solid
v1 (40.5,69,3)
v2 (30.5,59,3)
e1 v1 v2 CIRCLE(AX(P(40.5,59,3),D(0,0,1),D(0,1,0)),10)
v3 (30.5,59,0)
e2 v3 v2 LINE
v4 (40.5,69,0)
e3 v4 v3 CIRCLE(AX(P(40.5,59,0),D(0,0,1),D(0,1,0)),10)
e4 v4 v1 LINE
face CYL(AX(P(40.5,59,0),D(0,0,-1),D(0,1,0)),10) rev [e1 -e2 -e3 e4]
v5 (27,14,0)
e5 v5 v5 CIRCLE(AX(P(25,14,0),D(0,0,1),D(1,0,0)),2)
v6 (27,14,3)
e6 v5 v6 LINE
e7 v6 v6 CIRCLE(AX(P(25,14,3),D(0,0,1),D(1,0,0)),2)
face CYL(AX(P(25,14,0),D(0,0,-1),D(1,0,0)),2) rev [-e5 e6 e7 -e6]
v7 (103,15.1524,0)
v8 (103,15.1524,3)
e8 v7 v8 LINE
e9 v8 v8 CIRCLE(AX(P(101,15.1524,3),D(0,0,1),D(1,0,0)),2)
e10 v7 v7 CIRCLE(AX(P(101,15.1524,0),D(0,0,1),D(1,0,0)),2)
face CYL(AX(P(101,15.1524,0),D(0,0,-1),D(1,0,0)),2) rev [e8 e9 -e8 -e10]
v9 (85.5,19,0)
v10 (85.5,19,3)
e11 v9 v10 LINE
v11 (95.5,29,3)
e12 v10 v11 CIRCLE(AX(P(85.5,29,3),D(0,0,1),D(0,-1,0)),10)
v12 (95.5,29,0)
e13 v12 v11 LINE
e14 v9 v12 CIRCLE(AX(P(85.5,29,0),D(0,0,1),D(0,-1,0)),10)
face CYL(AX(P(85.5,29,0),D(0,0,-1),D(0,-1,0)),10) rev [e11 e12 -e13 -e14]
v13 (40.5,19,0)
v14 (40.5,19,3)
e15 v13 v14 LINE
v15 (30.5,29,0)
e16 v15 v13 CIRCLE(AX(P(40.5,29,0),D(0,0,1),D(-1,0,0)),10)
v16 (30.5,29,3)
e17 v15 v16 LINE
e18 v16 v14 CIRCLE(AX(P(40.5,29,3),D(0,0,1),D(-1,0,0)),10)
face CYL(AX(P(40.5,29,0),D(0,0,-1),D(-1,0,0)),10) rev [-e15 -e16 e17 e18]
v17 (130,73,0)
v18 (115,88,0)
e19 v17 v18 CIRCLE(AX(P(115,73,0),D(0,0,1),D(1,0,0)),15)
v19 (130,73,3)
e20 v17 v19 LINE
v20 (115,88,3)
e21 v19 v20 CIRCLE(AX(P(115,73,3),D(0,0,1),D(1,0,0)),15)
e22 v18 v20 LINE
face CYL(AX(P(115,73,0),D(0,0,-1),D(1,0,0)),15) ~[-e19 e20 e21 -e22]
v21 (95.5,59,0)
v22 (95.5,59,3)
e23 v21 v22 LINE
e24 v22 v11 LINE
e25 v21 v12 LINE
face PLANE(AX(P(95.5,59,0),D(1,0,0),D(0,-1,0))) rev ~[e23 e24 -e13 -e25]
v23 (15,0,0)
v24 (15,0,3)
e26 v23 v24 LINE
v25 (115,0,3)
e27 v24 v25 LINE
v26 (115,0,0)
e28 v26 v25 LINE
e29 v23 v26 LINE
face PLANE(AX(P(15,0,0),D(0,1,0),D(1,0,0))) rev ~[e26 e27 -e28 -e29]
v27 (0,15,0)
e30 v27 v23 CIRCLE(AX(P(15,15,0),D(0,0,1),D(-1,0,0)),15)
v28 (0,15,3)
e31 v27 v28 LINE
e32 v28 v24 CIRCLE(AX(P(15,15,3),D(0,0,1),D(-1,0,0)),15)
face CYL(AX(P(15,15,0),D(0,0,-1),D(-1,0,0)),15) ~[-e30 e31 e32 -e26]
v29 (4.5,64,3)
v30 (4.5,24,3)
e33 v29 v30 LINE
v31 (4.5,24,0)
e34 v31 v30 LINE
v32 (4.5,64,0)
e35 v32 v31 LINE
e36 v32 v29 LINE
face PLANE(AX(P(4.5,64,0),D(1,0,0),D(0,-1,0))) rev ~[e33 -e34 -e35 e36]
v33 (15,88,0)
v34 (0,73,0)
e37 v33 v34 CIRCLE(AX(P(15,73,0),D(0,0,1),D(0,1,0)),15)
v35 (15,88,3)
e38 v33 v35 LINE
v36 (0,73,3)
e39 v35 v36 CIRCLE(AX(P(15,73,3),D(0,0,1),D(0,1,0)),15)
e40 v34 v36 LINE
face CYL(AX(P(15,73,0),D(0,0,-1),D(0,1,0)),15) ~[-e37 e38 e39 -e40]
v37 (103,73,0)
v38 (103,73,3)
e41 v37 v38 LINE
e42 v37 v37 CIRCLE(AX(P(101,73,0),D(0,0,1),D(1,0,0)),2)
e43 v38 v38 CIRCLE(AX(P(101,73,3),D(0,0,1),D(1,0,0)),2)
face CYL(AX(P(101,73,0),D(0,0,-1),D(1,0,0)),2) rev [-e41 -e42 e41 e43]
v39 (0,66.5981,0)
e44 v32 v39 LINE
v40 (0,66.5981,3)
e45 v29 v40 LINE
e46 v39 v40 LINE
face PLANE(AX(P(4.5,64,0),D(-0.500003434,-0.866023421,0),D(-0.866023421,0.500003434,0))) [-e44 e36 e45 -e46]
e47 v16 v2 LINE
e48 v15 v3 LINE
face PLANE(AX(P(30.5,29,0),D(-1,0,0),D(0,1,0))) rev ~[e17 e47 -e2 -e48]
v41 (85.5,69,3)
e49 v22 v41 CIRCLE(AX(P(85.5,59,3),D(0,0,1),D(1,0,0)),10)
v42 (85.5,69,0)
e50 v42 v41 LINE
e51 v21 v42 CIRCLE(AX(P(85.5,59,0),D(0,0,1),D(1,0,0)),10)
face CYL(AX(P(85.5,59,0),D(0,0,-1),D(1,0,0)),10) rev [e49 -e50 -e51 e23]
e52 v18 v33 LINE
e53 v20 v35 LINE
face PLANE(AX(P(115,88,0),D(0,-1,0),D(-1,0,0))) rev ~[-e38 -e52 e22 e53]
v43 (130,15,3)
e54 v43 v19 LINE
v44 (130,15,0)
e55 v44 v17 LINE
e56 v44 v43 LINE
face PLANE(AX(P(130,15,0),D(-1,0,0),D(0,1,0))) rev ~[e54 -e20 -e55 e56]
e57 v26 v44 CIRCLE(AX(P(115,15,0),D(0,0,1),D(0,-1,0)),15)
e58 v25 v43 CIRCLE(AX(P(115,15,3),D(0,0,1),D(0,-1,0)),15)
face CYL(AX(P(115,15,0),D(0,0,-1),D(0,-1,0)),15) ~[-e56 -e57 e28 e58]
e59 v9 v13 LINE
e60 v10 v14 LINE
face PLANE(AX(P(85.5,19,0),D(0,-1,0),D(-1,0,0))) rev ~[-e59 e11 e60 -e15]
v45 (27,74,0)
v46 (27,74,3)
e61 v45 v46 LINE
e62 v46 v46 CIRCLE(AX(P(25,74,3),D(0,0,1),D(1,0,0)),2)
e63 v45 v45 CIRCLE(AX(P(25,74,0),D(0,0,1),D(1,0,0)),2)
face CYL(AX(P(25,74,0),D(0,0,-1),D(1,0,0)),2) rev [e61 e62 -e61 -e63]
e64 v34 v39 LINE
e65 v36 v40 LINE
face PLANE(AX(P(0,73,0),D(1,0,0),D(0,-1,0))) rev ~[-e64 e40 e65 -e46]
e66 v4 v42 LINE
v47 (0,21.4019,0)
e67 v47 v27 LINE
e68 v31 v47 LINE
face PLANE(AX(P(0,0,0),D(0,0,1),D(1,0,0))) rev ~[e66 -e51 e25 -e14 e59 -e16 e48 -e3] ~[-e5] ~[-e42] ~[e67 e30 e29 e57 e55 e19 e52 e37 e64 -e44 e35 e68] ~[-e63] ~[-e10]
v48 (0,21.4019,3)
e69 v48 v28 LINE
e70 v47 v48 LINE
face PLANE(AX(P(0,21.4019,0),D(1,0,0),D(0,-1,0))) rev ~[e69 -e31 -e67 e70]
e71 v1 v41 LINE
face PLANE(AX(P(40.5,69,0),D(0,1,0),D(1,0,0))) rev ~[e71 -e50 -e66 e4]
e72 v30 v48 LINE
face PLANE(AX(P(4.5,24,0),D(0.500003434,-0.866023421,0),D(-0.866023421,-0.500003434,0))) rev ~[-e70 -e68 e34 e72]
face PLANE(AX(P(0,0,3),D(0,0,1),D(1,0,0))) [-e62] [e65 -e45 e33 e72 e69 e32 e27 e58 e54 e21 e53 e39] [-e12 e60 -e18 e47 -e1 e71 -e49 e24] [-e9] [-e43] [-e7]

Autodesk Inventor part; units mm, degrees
ref_plane "YZ Plane" through (0, 0, 0) normal (1, 0, 0) x (0, 1, 0)
ref_plane "XZ Plane" through (0, 0, 0) normal (0, 1, 0) x (-1, 0, 0)
ref_plane "XY Plane" through (0, 0, 0) normal (0, 0, 1) x (1, 0, 0)
sketch "Náčrt1" plane through (0, 0, 0) normal (0, 0, 1) x (1, 0, 0)
  line L0 (15, 0) -> (115, 0)
  line L1 (130, 15) -> (130, 73)
  line L2 (115, 88) -> (15, 88)
  line L3 (40.5, 69) -> (85.5, 69)
  line L4 (95.5, 59) -> (95.5, 29)
  line L5 (85.5, 19) -> (40.5, 19)
  line L6 (30.5, 29) -> (30.5, 59)
  arc A0 (40.5, 69) -> (30.5, 59) centre (40.5, 59) ccw
  arc A1 (95.5, 59) -> (85.5, 69) centre (85.5, 59) ccw
  arc A2 (85.5, 19) -> (95.5, 29) centre (85.5, 29) ccw
  arc A3 (30.5, 29) -> (40.5, 19) centre (40.5, 29) ccw
  arc A4 (130, 73) -> (115, 88) centre (115, 73) ccw
  arc A5 (115, 0) -> (130, 15) centre (115, 15) ccw
  arc A6 (15, 88) -> (0, 73) centre (15, 73) ccw
  arc A7 (0, 15) -> (15, 0) centre (15, 15) ccw
  circle A8 centre (25, 74) radius 2
  circle A9 centre (25, 14) radius 2
  circle A10 centre (101, 73) radius 2
  circle A11 centre (101, 15.1524) radius 2
  line L7 (4.5, 64) -> (4.5, 24)
  line L8 (4.5, 64) -> (0, 66.5981)
  line L9 (4.5, 24) -> (0, 21.4019)
  line L10 (0, 73) -> (0, 66.5981)
  line L11 (0, 21.4019) -> (0, 15)
  point P0 (0, 0)
  point P1 (30.5, 69)
  point P2 (95.5, 69)
  point P3 (30.5, 19)
  dimension "d0" = 65
  dimension "d1" = 50
  dimension "d7" = 34.5
  dimension "d9" = 88
  dimension "d10" = 19
  dimension "d16" = 76
  dimension "d18" = 60
  dimension "d19" = 14
  dimension "d23" = 105
  dimension "d24" = 0
extrude "Vysunutí1" add sketch "Náčrt1" along normal blind 3
properties part number "WarBRD_Upper_Plate"
